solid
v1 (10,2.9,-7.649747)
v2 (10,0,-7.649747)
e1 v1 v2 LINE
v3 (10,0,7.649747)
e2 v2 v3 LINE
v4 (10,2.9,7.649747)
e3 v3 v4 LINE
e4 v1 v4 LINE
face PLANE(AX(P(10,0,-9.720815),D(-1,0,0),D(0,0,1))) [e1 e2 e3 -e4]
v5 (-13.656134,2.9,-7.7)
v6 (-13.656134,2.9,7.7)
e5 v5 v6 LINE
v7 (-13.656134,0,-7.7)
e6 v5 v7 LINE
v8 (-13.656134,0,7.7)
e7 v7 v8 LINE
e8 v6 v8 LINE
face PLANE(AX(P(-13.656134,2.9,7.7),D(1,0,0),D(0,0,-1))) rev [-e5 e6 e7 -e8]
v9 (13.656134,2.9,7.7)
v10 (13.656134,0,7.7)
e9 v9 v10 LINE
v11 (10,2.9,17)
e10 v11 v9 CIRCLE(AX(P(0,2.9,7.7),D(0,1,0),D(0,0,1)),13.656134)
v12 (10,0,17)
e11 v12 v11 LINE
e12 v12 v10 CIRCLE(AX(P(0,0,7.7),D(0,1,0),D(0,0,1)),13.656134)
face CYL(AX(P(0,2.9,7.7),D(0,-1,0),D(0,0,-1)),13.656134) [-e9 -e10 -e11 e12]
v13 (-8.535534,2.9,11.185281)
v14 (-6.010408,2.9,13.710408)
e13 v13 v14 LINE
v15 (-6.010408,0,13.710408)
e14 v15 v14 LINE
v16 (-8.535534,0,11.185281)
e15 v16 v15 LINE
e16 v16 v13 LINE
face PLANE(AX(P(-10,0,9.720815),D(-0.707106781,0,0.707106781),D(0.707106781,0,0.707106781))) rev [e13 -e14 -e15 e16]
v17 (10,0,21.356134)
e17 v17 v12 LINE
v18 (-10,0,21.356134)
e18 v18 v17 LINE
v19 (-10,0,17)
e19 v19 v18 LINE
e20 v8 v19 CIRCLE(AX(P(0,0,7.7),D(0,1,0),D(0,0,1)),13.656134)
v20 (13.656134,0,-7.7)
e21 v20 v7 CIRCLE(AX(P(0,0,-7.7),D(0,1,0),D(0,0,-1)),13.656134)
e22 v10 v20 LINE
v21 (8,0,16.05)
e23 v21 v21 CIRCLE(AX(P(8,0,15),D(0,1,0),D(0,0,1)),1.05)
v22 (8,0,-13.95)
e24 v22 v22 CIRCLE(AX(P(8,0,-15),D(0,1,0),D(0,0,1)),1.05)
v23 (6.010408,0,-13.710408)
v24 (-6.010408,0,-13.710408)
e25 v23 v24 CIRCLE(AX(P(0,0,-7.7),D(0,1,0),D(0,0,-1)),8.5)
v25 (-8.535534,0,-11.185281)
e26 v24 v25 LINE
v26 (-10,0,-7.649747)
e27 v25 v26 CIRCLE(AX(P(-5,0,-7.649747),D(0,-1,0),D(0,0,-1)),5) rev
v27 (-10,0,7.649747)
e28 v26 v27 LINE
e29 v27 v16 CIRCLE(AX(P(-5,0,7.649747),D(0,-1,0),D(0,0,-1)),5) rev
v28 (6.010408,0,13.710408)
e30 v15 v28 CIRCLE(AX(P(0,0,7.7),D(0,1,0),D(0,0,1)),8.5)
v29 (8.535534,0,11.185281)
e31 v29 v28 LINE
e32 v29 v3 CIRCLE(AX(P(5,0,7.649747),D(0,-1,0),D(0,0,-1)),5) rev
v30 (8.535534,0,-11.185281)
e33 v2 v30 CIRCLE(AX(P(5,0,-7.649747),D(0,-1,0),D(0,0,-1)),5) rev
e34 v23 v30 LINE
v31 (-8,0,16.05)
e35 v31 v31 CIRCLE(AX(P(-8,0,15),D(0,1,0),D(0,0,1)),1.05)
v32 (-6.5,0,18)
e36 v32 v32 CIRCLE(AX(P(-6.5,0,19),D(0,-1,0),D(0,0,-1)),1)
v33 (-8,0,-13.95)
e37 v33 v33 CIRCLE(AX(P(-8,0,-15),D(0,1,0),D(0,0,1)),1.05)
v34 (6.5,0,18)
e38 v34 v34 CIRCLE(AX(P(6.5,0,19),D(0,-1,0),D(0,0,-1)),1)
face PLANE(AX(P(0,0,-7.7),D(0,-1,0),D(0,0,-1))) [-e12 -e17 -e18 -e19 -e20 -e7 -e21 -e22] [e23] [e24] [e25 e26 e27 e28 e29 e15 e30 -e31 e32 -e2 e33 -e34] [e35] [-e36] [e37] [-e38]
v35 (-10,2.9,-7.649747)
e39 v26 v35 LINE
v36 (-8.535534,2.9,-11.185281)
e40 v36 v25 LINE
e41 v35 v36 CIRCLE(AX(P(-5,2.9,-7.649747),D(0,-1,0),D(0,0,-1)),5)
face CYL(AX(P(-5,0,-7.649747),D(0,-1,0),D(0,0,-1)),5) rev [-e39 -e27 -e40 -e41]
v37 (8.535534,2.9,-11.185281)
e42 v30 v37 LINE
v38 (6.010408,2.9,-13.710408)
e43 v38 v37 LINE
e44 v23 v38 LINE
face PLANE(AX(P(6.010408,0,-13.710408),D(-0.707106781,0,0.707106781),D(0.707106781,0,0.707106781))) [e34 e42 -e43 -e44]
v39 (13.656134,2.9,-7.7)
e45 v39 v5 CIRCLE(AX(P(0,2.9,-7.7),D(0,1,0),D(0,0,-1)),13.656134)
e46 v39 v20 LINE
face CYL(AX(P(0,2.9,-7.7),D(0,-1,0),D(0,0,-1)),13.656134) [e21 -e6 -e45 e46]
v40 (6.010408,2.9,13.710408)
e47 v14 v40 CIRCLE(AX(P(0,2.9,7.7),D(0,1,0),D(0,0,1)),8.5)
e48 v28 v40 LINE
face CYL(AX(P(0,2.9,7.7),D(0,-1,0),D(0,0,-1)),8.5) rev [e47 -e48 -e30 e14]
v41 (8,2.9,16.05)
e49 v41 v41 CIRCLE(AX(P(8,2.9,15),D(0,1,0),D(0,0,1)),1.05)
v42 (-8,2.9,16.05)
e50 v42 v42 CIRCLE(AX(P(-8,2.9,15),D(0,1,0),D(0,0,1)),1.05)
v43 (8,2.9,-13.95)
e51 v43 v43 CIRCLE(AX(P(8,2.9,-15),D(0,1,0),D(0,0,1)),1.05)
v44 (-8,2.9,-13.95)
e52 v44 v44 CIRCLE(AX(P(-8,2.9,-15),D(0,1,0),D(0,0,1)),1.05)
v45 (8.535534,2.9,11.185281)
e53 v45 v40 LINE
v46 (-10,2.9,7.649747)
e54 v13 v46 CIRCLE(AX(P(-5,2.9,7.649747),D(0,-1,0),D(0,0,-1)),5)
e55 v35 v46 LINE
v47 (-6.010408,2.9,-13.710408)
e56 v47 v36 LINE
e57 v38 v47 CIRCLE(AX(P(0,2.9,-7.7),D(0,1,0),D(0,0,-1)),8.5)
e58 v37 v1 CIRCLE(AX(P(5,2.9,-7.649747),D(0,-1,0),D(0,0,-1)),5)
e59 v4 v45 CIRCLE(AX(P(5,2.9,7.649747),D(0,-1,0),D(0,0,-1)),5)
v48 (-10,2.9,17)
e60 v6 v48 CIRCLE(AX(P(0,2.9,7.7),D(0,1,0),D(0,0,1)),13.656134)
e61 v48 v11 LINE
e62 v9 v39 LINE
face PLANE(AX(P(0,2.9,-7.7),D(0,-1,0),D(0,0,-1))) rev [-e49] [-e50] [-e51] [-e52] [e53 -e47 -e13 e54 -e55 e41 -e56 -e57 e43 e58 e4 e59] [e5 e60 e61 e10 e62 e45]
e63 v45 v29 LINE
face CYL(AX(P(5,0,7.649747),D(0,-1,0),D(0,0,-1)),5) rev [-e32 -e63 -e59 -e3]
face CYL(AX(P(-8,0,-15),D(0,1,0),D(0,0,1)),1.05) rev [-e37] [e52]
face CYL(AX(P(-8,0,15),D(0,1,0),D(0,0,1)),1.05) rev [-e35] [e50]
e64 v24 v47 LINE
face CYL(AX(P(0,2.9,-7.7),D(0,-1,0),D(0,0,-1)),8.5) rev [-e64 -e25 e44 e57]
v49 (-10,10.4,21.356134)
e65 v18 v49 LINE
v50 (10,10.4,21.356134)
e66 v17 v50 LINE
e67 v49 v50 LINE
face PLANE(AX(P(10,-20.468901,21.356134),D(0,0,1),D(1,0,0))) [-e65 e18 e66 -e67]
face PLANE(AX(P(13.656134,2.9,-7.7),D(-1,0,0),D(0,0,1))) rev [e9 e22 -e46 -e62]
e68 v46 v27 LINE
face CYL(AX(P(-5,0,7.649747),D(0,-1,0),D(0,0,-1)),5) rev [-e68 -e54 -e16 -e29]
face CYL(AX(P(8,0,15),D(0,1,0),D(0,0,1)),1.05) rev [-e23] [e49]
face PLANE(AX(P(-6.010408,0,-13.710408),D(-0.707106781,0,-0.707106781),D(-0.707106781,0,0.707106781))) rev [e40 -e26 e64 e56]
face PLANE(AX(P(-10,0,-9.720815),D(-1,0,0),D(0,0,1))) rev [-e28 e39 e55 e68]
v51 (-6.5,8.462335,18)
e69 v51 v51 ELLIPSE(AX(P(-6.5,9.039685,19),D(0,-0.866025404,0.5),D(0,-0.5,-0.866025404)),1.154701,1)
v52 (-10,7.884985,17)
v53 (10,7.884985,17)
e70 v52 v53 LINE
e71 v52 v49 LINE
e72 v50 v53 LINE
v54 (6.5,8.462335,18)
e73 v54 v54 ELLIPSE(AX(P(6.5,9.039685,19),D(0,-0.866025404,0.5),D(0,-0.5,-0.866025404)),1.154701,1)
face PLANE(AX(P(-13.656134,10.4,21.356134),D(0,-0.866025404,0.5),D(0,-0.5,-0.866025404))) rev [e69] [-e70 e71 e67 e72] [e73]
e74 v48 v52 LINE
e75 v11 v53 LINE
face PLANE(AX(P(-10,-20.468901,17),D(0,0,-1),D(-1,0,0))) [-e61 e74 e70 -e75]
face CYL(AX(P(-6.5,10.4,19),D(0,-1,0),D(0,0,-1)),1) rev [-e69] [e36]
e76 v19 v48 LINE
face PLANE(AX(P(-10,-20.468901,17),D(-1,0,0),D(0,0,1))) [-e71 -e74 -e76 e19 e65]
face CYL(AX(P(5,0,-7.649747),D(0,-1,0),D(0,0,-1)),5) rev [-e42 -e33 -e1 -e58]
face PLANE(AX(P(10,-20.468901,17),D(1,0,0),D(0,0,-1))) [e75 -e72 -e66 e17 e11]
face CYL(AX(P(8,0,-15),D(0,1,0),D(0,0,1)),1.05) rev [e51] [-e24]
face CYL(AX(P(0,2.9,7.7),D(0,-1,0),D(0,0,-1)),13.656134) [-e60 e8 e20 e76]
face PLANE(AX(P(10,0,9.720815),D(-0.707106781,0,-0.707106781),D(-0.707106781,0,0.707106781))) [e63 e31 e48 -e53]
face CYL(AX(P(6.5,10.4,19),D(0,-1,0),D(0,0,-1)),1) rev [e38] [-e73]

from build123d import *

# Parameters (mm, degrees)
BOSS_EXTRUDE6_DEPTH      = 2.9
SKETCH27_R               = 1.05
CUT_EXTRUDE12_DEPTH      = 3.9
SKETCH29_W               = 20
SKETCH29_H               = 4.356134153
BOSS_EXTRUDE8_DEPTH      = 11.5
BOSS_EXTRUDE8_DEPTH_BACK = 2.9
CUT_EXTRUDE16_DEPTH      = 24.656134153
SKETCH34_R               = 1
CUT_EXTRUDE17_DEPTH      = 11.4
CUT_EXTRUDE18_DEPTH      = 3.9
FILLET1_R                = 5
FILLET1_OF_MIRROR1_R     = 5


with BuildPart() as part:
    # Sketch26 → Boss-Extrude6 (new body)
    with BuildSketch(Plane(origin=(0, 0, 0), x_dir=(1, 0, 0), z_dir=(0, 1, 0))):
        with BuildLine():
            Line((-13.656134153, -7.7), (-13.656134153, 7.7))
            ThreePointArc((-13.656134153, 7.7), (0, 21.356134153), (13.656134153, 7.7))
            Line((13.656134153, 7.7), (13.656134153, -7.7))
            ThreePointArc((13.656134153, -7.7), (0, -21.356134153), (-13.656134153, -7.7))
        make_face()
        with BuildLine():
            Line((-8.5, 7.7), (-8.5, -7.7))
            ThreePointArc((-8.5, -7.7), (0, -16.2), (8.5, -7.7))
            Line((8.5, -7.7), (8.5, 7.7))
            ThreePointArc((8.5, 7.7), (0, 16.2), (-8.5, 7.7))
        make_face(mode=Mode.SUBTRACT)
    extrude(amount=BOSS_EXTRUDE6_DEPTH)

    # Sketch27 → Cut-Extrude12 (cut, through all)
    with BuildSketch(Plane(origin=(0, 2.9, 0), x_dir=(1, 0, 0), z_dir=(0, 1, 0))):
        with Locations((-8, 15)):
            Circle(SKETCH27_R)
        with Locations((8, 15)):
            Circle(SKETCH27_R)
        with Locations((8, -15)):
            Circle(SKETCH27_R)
        with Locations((-8, -15)):
            Circle(SKETCH27_R)
    extrude(amount=-CUT_EXTRUDE12_DEPTH, mode=Mode.SUBTRACT)

    # Sketch29 → Boss-Extrude8 (add, two sides)
    with BuildSketch(Plane(origin=(0, 2.9, 0), x_dir=(1, 0, 0), z_dir=(0, 1, 0))) as boss_extrude8_sk:
        with Locations((0, -19.178067076)):
            Rectangle(SKETCH29_W, SKETCH29_H)
    extrude(amount=BOSS_EXTRUDE8_DEPTH)
    extrude(boss_extrude8_sk.sketch, amount=-BOSS_EXTRUDE8_DEPTH_BACK)

    # Sketch33 → Cut-Extrude16 (cut, through all)
    with BuildSketch(Plane(origin=(10, 0, 0), x_dir=(0, 0, -1), z_dir=(1, 0, 0))):
        Polygon((-21.356134153, 14.4), (-21.356134153, 10.4), (-17, 7.884984774), (-17, 14.4), align=None)
    extrude(amount=-CUT_EXTRUDE16_DEPTH, mode=Mode.SUBTRACT)

    # Sketch34 → Cut-Extrude17 (cut, through all)
    with BuildSketch(Plane.XZ):
        with Locations((6.5, 19)):
            Circle(SKETCH34_R)
        with Locations((-6.5, 19)):
            Circle(SKETCH34_R)
    extrude(amount=-CUT_EXTRUDE17_DEPTH, mode=Mode.SUBTRACT)

    # Sketch35 → Cut-Extrude18 (cut, through all)
    with BuildSketch(Plane(origin=(0, 2.9, 0), x_dir=(1, 0, 0), z_dir=(0, 1, 0))):
        Polygon((-10, 9.72081528), (-10, -9.72081528), (-6.01040764, -13.71040764), (-6.01040764, 13.71040764), align=None)
    cut_extrude18 = extrude(amount=-CUT_EXTRUDE18_DEPTH, mode=Mode.SUBTRACT)

    # Fillet1
    fillet1_edges = [part.edges().sort_by_distance(p)[0] for p in [
        (-10, 1.45, -9.72081528),
        (-10, 1.45, 9.72081528),
    ]]
    fillet(fillet1_edges, radius=FILLET1_R)

    # Mirror1: Cut-Extrude18 across plane
    add(cut_extrude18.mirror(Plane(origin=(0, 0, 0), x_dir=(0, 0, 1), z_dir=(1, 0, 0))), mode=Mode.SUBTRACT)

    # Fillet1 of Mirror1
    fillet1_of_mirror1_edges = [part.edges().sort_by_distance(p)[0] for p in [
        (10, 1.45, -9.72081528),
        (10, 1.45, 9.72081528),
    ]]
    fillet(fillet1_of_mirror1_edges, radius=FILLET1_OF_MIRROR1_R)


solid = part.part
